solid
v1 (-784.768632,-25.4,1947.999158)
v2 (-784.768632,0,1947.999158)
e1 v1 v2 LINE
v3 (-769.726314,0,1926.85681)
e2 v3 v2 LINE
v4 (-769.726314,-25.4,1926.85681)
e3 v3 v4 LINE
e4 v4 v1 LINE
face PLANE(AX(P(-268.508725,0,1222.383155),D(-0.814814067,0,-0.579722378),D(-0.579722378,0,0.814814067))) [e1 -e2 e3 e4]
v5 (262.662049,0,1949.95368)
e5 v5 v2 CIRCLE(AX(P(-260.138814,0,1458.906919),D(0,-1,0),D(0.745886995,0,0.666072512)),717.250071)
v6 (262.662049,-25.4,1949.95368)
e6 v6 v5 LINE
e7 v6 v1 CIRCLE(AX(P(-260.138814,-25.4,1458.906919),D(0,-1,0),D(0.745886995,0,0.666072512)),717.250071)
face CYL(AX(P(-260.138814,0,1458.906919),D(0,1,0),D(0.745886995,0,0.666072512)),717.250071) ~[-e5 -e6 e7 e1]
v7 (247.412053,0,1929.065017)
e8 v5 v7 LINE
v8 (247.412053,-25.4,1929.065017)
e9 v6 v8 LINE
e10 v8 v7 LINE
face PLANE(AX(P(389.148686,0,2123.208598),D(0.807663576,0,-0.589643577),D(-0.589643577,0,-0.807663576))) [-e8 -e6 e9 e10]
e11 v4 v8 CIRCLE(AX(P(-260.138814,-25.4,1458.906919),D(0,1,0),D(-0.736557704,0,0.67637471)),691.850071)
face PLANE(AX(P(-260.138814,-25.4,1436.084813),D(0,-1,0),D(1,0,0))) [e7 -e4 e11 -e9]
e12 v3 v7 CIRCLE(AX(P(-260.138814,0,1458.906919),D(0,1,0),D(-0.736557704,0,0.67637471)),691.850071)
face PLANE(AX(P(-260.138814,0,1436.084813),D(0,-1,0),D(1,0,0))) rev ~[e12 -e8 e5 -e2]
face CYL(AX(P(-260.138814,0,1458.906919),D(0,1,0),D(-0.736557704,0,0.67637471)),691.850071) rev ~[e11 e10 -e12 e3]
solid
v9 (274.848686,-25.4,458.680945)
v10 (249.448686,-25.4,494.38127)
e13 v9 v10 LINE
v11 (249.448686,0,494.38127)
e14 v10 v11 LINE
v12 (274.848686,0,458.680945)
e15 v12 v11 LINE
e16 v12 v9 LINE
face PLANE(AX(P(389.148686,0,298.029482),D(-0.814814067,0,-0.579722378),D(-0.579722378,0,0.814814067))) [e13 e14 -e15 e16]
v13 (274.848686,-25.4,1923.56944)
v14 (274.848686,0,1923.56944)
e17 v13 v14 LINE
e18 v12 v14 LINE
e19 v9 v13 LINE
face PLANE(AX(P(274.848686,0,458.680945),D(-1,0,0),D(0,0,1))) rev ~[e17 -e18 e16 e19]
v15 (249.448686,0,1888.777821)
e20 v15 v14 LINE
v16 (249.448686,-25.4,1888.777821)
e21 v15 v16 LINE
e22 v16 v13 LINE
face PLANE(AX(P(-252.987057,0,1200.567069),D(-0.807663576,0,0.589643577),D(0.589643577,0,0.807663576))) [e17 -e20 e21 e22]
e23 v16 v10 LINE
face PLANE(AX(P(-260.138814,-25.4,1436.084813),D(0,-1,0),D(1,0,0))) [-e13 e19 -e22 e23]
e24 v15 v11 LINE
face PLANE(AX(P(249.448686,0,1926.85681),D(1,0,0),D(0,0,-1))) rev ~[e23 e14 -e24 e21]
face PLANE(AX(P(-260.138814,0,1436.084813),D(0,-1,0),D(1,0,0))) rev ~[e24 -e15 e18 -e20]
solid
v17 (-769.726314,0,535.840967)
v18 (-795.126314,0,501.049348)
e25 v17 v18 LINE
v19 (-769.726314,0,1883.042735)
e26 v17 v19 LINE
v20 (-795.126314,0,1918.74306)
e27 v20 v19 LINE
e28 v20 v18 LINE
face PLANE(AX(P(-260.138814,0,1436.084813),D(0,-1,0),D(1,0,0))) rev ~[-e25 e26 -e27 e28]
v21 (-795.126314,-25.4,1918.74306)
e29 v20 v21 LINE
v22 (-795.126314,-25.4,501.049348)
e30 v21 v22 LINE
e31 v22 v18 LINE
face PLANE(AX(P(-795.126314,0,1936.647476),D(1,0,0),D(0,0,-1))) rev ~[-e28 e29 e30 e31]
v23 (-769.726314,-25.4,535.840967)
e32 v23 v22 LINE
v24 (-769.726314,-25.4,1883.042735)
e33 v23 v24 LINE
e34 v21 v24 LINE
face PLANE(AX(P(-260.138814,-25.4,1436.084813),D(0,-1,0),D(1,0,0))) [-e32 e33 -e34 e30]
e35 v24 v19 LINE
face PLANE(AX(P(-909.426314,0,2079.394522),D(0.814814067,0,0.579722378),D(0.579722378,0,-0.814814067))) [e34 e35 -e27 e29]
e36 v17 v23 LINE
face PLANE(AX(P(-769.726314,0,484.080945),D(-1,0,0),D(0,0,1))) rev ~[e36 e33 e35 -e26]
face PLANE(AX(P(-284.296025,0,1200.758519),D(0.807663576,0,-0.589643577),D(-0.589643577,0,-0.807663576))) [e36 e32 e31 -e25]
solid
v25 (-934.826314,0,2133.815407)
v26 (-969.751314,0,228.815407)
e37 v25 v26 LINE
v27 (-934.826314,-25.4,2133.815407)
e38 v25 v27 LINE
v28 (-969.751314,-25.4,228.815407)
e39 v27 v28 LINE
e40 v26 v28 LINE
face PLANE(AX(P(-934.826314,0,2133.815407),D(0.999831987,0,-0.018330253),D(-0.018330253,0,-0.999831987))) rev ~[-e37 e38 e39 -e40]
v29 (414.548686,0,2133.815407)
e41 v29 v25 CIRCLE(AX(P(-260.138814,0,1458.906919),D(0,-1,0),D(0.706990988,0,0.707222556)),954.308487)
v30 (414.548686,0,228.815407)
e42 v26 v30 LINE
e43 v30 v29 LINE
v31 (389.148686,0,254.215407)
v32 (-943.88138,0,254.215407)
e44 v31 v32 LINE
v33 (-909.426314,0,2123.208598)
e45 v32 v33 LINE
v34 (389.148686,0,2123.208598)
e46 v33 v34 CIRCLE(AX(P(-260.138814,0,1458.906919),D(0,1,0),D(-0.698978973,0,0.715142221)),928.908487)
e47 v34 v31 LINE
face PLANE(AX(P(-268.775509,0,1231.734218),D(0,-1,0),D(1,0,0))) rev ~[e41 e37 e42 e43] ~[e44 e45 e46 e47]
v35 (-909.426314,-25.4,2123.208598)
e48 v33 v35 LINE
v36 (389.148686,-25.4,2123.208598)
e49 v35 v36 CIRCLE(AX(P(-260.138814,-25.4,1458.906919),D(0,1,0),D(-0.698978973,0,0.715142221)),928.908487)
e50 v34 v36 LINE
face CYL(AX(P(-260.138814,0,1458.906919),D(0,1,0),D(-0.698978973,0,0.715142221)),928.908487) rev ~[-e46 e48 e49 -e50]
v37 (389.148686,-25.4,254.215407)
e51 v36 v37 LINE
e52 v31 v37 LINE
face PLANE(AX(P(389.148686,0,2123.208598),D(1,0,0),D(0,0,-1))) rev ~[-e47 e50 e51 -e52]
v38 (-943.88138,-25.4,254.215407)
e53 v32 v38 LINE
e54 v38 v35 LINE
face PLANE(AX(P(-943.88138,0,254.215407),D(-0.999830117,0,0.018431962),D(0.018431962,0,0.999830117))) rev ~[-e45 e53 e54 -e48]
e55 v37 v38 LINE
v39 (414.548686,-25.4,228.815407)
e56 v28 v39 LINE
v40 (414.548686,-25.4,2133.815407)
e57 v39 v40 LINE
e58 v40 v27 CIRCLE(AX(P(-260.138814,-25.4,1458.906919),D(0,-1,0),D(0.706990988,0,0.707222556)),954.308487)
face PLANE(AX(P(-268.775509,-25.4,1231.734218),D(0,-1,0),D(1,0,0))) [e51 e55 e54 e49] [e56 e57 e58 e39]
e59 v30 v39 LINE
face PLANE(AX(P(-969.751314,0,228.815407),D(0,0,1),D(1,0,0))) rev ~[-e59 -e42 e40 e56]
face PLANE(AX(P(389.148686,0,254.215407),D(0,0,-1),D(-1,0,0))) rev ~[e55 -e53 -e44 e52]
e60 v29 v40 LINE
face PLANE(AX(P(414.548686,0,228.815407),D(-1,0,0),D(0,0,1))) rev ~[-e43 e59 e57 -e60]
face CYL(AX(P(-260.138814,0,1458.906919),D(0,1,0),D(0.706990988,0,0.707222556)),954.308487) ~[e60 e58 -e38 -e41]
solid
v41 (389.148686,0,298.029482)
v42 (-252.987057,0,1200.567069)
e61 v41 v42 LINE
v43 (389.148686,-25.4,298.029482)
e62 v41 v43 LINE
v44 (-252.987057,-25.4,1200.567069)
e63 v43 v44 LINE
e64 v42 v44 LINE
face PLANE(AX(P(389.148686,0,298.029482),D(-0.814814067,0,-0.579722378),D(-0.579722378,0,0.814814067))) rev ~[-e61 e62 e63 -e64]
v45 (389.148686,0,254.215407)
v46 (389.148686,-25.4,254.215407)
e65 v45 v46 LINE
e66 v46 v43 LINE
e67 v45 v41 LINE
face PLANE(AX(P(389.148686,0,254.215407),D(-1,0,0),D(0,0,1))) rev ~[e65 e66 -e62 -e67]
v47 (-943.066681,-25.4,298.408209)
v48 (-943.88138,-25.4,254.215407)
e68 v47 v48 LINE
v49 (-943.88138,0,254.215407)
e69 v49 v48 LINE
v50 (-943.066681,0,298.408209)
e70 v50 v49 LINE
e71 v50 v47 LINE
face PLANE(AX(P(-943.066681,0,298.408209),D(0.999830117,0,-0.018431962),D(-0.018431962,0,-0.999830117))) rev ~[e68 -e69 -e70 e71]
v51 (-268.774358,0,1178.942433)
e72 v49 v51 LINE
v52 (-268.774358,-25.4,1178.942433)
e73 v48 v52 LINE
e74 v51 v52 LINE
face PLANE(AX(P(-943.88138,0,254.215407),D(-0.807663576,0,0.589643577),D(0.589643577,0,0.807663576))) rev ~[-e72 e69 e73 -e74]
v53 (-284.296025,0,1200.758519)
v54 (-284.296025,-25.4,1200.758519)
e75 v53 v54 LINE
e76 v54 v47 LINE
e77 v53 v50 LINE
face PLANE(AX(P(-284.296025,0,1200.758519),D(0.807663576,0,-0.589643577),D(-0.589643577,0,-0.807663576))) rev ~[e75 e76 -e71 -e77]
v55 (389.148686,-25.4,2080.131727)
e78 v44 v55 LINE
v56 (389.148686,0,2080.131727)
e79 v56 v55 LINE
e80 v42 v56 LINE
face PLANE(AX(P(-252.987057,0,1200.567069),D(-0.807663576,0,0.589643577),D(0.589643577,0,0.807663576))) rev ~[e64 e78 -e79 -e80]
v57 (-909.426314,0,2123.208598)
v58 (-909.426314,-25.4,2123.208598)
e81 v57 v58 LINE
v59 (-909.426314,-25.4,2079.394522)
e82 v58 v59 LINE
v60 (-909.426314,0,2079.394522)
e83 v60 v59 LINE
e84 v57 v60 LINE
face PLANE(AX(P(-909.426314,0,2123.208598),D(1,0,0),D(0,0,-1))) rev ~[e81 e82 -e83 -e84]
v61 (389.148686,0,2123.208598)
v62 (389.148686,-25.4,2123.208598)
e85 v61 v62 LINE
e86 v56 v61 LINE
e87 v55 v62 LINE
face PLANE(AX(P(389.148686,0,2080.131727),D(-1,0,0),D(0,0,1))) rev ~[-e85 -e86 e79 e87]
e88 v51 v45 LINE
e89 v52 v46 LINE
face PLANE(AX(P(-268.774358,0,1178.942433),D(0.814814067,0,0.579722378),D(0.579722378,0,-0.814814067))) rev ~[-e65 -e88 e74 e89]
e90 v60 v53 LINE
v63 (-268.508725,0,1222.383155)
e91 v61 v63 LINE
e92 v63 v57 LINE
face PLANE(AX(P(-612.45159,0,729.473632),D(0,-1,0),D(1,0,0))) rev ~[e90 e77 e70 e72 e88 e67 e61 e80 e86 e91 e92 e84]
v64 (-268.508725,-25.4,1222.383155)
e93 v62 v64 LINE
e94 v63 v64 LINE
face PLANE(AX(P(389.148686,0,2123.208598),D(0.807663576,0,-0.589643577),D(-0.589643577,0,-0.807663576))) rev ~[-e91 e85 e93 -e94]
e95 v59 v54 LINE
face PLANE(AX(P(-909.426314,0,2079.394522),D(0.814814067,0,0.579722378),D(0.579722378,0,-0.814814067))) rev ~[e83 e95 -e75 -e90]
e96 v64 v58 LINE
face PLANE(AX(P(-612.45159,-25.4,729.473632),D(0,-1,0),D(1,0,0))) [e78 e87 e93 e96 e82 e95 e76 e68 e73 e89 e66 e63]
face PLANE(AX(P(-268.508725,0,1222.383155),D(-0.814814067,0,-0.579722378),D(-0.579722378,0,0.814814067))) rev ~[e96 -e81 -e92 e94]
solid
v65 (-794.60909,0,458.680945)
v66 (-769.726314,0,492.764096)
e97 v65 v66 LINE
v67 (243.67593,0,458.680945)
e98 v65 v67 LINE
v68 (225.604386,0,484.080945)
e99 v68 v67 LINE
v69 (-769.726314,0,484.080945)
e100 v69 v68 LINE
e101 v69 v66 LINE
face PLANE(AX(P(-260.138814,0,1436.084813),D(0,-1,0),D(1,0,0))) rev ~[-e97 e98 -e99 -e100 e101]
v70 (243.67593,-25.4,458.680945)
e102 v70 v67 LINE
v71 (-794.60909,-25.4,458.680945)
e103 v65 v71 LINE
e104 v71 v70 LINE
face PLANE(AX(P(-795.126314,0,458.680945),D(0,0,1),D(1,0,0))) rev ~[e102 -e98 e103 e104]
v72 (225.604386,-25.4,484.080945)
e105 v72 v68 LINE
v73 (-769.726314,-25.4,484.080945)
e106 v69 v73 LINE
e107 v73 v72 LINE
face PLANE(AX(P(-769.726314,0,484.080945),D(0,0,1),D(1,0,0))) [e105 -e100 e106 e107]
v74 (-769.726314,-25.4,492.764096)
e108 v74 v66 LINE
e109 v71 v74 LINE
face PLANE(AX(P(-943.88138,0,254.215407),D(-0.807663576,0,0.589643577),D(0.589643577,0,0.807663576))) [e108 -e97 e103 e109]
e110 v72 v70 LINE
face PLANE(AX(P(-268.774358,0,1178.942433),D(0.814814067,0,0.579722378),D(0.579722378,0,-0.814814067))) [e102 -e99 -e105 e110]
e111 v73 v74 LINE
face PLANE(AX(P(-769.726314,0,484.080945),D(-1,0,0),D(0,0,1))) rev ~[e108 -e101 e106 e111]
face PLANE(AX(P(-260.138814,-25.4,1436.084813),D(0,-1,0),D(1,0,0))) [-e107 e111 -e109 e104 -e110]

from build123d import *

# Parameters (mm, degrees)
F1_DEPTH = 25.4
F0_W     = 1019.175
F0_H     = 25.4
F3_DEPTH = 25.4


with BuildPart() as f1:
    # F0 (on Front) → F1 (new body)
    with BuildSketch(Plane.XZ):
        with BuildLine():
            Line((-969.7513144493, 228.8154065609), (-934.8263144493, 228.8154065609))
            Line((-934.8263144493, 228.8154065609), (414.5486855507, 228.8154065609))
            Line((414.5486855507, 228.8154065609), (414.5486855507, 2133.8154065609))
            ThreePointArc((414.5486855507, 2133.8154065609), (-260.1388144493, 2413.2154065609), (-934.8263144493, 2133.8154065609))
            Line((-934.8263144493, 2133.8154065609), (-969.7513144493, 228.8154065609))
        make_face()
        with BuildLine():
            Line((389.1486855507, 254.2154065609), (-909.4263144493, 254.2154065609))
            Line((-909.4263144493, 254.2154065609), (-943.8813795302, 254.2154065609))
            Line((-943.8813795302, 254.2154065609), (-909.4263144493, 2123.2085977754))
            ThreePointArc((-909.4263144493, 2123.2085977754), (-260.1388144493, 2387.8154065609), (389.1486855507, 2123.2085977754))
            Line((389.1486855507, 2123.2085977754), (389.1486855507, 254.2154065609))
        make_face(mode=Mode.SUBTRACT)
    extrude(amount=F1_DEPTH)


with BuildPart() as f1b:
    # F0 (on Front) → F1, piece 2 (new body)
    with BuildSketch(Plane.XZ):
        with BuildLine():
            Line((-795.1263144493, 1936.6474755105), (-795.1263144493, 458.6809445003))
            Line((-795.1263144493, 458.6809445003), (-769.7263144493, 458.6809445003))
            Line((-769.7263144493, 458.6809445003), (-769.7263144493, 484.0809445003))
            Line((-769.7263144493, 484.0809445003), (-769.7263144493, 1926.8568102577))
            ThreePointArc((-769.7263144493, 1926.8568102577), (-260.1388144493, 2150.756990214), (249.4486855507, 1926.8568102577))
            Line((249.4486855507, 1926.8568102577), (249.4486855507, 484.0809445003))
            Line((249.4486855507, 484.0809445003), (249.4486855507, 458.6809445003))
            Line((249.4486855507, 458.6809445003), (274.8486855507, 458.6809445003))
            Line((274.8486855507, 458.6809445003), (274.8486855507, 1936.6474755105))
            ThreePointArc((274.8486855507, 1936.6474755105), (-260.1388144493, 2176.156990214), (-795.1263144493, 1936.6474755105))
        make_face()
        with Locations((-260.1388144493, 471.3809445003)):
            Rectangle(F0_W, F0_H)
    extrude(amount=F1_DEPTH)


with BuildPart() as f3:
    # F2 (on Front) → F3 (new body)
    with BuildSketch(Plane.XZ):
        Polygon((-943.066681059, 298.4082093275), (-943.8813795302, 254.2154065609), (-268.7743580134, 1178.942433425), (-284.296025375, 1200.7585188345), align=None)
        Polygon((-284.296025375, 1200.7585188345), (-268.7743580134, 1178.942433425), (-252.9870573974, 1200.567069365), (-268.508724759, 1222.3831547745), align=None)
        Polygon((-252.9870573974, 1200.567069365), (-268.7743580134, 1178.942433425), (389.1486855507, 254.2154065609), (389.1486855507, 298.0294819858), align=None)
        Polygon((-268.508724759, 1222.3831547745), (-252.9870573974, 1200.567069365), (389.1486855507, 2080.1317272551), (389.1486855507, 2123.2085977754), align=None)
        Polygon((-909.4263144493, 2079.3945223506), (-284.296025375, 1200.7585188345), (-268.508724759, 1222.3831547745), (-909.4263144493, 2123.2085977754), align=None)
    extrude(amount=F3_DEPTH)


with BuildPart() as f1b_1:
    add(f1b.part)

    # F4: cut F3
    add(f3.part, mode=Mode.SUBTRACT)


solid = Compound([f1.part, f3.part, f1b_1.part])
